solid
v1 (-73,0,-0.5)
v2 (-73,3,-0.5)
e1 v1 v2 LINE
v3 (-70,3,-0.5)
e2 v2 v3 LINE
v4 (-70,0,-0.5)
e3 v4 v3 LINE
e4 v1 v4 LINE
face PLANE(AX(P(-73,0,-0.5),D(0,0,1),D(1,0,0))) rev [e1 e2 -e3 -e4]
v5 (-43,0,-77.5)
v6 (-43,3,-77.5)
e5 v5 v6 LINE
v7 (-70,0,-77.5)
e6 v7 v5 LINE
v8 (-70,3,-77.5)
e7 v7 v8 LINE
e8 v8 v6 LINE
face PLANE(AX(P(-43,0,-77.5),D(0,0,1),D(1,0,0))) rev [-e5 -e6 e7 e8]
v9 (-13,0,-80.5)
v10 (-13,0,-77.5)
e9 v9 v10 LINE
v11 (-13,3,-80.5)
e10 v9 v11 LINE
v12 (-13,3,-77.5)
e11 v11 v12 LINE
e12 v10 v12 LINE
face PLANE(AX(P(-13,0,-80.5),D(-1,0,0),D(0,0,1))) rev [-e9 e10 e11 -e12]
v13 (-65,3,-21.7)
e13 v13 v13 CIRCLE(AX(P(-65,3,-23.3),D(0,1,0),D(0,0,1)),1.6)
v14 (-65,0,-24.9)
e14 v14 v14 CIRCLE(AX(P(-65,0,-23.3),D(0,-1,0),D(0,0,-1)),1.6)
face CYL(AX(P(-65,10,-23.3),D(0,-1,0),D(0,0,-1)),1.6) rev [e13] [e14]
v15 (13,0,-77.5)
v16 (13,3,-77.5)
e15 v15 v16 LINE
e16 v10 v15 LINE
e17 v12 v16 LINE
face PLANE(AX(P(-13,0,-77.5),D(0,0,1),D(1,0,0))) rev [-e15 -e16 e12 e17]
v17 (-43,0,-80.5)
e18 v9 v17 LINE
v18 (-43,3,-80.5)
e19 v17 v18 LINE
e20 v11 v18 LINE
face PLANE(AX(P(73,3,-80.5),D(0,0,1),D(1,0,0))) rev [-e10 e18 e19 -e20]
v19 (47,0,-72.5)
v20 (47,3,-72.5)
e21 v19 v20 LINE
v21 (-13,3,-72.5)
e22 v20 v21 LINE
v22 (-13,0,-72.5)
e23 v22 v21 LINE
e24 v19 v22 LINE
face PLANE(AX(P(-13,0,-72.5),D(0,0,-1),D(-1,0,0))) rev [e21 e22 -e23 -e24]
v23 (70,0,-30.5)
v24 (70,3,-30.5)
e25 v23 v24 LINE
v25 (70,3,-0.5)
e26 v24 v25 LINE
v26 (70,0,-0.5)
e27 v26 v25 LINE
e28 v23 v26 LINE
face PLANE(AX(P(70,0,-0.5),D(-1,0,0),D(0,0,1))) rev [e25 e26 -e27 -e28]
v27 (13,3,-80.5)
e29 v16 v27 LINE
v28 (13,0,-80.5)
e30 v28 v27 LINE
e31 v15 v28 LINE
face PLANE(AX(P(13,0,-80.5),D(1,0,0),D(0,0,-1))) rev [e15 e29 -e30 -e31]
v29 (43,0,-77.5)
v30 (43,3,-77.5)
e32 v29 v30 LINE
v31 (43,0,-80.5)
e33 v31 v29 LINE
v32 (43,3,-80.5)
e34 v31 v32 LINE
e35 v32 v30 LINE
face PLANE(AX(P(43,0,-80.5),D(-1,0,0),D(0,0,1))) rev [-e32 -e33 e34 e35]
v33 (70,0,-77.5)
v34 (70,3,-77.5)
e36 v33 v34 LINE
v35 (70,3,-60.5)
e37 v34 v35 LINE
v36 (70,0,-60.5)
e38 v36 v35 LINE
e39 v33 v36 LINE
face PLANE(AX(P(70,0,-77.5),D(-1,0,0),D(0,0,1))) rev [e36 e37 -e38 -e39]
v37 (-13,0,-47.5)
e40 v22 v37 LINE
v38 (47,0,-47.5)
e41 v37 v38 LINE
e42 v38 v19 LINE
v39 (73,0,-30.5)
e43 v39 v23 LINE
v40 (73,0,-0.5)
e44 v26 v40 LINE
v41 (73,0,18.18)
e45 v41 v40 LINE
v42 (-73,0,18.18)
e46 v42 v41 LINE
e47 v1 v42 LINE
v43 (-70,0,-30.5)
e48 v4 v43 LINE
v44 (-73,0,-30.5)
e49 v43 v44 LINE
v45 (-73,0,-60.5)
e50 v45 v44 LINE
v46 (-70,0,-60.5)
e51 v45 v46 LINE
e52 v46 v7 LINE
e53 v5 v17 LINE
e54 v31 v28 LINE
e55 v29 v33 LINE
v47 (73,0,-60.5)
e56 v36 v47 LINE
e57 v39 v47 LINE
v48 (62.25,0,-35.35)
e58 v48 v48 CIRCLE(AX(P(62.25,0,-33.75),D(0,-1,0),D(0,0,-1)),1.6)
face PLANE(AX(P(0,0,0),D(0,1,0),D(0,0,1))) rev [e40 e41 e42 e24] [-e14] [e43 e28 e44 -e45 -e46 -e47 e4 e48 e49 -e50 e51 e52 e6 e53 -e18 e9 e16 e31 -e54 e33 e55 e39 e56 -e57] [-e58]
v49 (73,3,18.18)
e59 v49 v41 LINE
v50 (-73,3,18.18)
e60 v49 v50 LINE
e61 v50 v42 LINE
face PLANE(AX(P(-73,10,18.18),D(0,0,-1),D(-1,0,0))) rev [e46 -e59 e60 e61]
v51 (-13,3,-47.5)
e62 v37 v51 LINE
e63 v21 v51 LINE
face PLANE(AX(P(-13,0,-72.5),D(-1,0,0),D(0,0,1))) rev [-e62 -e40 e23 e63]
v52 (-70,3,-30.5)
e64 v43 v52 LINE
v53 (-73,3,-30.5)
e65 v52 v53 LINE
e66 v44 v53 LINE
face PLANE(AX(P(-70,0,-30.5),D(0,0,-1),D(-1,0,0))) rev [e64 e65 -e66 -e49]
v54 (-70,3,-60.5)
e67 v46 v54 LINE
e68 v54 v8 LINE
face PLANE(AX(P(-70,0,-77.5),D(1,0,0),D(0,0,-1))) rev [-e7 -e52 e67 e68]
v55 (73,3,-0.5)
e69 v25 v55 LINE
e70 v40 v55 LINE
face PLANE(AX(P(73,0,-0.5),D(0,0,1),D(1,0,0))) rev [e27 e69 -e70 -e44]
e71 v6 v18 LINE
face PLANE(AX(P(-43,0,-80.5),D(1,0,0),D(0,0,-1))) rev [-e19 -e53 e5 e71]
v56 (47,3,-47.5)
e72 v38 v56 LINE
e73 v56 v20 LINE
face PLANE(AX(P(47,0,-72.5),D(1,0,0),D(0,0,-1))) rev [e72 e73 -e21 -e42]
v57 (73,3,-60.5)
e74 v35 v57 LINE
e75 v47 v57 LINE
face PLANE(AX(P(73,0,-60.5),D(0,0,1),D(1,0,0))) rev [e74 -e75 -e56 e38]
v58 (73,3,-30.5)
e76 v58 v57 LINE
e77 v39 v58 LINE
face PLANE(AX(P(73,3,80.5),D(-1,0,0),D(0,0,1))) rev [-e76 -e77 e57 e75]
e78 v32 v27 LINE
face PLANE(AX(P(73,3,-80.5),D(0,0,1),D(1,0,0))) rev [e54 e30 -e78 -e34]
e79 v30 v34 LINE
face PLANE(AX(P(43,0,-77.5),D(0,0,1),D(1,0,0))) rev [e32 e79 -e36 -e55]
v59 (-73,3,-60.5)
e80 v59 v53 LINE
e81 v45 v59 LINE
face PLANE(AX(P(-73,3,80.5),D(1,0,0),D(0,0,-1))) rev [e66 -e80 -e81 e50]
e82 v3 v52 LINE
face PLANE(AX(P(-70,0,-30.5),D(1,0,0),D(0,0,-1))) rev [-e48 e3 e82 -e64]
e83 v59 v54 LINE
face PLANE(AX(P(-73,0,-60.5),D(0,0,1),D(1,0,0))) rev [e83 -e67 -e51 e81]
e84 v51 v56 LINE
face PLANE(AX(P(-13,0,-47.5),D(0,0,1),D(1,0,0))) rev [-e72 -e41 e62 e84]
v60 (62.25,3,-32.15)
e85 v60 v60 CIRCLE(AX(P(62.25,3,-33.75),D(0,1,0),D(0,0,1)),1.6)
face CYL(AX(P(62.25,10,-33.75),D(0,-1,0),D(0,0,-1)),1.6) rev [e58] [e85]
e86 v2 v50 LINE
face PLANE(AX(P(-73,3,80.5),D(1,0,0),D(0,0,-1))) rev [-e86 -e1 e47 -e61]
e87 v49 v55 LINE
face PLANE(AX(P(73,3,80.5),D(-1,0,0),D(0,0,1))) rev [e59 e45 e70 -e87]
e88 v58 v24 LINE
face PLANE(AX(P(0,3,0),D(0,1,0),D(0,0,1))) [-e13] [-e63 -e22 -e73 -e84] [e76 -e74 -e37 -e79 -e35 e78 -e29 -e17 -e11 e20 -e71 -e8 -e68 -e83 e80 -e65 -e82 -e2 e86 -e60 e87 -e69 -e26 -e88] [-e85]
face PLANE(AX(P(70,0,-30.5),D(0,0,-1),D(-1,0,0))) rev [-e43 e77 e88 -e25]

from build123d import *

# Parameters (mm, degrees)
SKETCH1_W           = 146
SKETCH1_H           = 161
BOSS_EXTRUDE1_DEPTH = 3
SKETCH2_W           = 26
SKETCH2_H           = 3
SKETCH2_W_2         = 3
SKETCH2_H_2         = 30
SKETCH2_W_3         = 60
SKETCH2_H_3         = 25
CUT_EXTRUDE1_DEPTH  = 3
SKETCH3_W           = 146
SKETCH3_H           = 62.32
CUT_EXTRUDE2_DEPTH  = 10
SKETCH4_R           = 1.6
CUT_EXTRUDE3_DEPTH  = 10


with BuildPart() as part:
    # Sketch1 → Boss-Extrude1 (new body)
    with BuildSketch(Plane(origin=(0, 0, 0), x_dir=(1, 0, 0), z_dir=(0, 1, 0))):
        Rectangle(SKETCH1_W, SKETCH1_H)
    extrude(amount=BOSS_EXTRUDE1_DEPTH)

    # Sketch2 → Cut-Extrude1 (cut)
    with BuildSketch(Plane(origin=(0, 3, 0), x_dir=(1, 0, 0), z_dir=(0, 1, 0))):
        with Locations((0, 79)):
            Rectangle(SKETCH2_W, SKETCH2_H)
        with Locations((-71.5, 15.5)):
            Rectangle(SKETCH2_W_2, SKETCH2_H_2)
        Polygon((-73, 80.5), (-73, 60.5), (-70, 60.5), (-70, 77.5), (-43, 77.5), (-43, 80.5), align=None)
        Polygon((73, 80.5), (73, 60.5), (70, 60.5), (70, 77.5), (43, 77.5), (43, 80.5), align=None)
        with Locations((71.5, 15.5)):
            Rectangle(SKETCH2_W_2, SKETCH2_H_2)
        with Locations((-71.5, -44.5)):
            Rectangle(SKETCH2_W_2, SKETCH2_H_2)
        Polygon((-70, -79.5), (-73, -79.5), (-73, -80.5), (-43, -80.5), (-43, -77.5), (-70, -77.5), align=None)
        with Locations((71.5, -44.5)):
            Rectangle(SKETCH2_W_2, SKETCH2_H_2)
        Polygon((70, -79.5), (73, -79.5), (73, -80.5), (70, -80.5), (43, -80.5), (43, -77.5), (70, -77.5), align=None)
        with Locations((0, -79)):
            Rectangle(SKETCH2_W, SKETCH2_H)
        with Locations((17, 60)):
            Rectangle(SKETCH2_W_3, SKETCH2_H_3)
    extrude(amount=-CUT_EXTRUDE1_DEPTH, mode=Mode.SUBTRACT)

    # Sketch3 → Cut-Extrude2 (cut)
    with BuildSketch(Plane(origin=(0, 0, 0), x_dir=(-1, 0, 0), z_dir=(0, -1, 0))):
        with Locations((0, -49.34)):
            Rectangle(SKETCH3_W, SKETCH3_H)
    extrude(amount=-CUT_EXTRUDE2_DEPTH, mode=Mode.SUBTRACT)

    # Sketch4 → Cut-Extrude3 (cut)
    with BuildSketch(Plane.XZ):
        with Locations(Location((62.25, -33.75, 0), (0, 0, 270))):
            Circle(SKETCH4_R)
        with Locations(Location((-65, -23.3, 0), (0, 0, 270))):
            Circle(SKETCH4_R)
    extrude(amount=-CUT_EXTRUDE3_DEPTH, mode=Mode.SUBTRACT)


solid = part.part
